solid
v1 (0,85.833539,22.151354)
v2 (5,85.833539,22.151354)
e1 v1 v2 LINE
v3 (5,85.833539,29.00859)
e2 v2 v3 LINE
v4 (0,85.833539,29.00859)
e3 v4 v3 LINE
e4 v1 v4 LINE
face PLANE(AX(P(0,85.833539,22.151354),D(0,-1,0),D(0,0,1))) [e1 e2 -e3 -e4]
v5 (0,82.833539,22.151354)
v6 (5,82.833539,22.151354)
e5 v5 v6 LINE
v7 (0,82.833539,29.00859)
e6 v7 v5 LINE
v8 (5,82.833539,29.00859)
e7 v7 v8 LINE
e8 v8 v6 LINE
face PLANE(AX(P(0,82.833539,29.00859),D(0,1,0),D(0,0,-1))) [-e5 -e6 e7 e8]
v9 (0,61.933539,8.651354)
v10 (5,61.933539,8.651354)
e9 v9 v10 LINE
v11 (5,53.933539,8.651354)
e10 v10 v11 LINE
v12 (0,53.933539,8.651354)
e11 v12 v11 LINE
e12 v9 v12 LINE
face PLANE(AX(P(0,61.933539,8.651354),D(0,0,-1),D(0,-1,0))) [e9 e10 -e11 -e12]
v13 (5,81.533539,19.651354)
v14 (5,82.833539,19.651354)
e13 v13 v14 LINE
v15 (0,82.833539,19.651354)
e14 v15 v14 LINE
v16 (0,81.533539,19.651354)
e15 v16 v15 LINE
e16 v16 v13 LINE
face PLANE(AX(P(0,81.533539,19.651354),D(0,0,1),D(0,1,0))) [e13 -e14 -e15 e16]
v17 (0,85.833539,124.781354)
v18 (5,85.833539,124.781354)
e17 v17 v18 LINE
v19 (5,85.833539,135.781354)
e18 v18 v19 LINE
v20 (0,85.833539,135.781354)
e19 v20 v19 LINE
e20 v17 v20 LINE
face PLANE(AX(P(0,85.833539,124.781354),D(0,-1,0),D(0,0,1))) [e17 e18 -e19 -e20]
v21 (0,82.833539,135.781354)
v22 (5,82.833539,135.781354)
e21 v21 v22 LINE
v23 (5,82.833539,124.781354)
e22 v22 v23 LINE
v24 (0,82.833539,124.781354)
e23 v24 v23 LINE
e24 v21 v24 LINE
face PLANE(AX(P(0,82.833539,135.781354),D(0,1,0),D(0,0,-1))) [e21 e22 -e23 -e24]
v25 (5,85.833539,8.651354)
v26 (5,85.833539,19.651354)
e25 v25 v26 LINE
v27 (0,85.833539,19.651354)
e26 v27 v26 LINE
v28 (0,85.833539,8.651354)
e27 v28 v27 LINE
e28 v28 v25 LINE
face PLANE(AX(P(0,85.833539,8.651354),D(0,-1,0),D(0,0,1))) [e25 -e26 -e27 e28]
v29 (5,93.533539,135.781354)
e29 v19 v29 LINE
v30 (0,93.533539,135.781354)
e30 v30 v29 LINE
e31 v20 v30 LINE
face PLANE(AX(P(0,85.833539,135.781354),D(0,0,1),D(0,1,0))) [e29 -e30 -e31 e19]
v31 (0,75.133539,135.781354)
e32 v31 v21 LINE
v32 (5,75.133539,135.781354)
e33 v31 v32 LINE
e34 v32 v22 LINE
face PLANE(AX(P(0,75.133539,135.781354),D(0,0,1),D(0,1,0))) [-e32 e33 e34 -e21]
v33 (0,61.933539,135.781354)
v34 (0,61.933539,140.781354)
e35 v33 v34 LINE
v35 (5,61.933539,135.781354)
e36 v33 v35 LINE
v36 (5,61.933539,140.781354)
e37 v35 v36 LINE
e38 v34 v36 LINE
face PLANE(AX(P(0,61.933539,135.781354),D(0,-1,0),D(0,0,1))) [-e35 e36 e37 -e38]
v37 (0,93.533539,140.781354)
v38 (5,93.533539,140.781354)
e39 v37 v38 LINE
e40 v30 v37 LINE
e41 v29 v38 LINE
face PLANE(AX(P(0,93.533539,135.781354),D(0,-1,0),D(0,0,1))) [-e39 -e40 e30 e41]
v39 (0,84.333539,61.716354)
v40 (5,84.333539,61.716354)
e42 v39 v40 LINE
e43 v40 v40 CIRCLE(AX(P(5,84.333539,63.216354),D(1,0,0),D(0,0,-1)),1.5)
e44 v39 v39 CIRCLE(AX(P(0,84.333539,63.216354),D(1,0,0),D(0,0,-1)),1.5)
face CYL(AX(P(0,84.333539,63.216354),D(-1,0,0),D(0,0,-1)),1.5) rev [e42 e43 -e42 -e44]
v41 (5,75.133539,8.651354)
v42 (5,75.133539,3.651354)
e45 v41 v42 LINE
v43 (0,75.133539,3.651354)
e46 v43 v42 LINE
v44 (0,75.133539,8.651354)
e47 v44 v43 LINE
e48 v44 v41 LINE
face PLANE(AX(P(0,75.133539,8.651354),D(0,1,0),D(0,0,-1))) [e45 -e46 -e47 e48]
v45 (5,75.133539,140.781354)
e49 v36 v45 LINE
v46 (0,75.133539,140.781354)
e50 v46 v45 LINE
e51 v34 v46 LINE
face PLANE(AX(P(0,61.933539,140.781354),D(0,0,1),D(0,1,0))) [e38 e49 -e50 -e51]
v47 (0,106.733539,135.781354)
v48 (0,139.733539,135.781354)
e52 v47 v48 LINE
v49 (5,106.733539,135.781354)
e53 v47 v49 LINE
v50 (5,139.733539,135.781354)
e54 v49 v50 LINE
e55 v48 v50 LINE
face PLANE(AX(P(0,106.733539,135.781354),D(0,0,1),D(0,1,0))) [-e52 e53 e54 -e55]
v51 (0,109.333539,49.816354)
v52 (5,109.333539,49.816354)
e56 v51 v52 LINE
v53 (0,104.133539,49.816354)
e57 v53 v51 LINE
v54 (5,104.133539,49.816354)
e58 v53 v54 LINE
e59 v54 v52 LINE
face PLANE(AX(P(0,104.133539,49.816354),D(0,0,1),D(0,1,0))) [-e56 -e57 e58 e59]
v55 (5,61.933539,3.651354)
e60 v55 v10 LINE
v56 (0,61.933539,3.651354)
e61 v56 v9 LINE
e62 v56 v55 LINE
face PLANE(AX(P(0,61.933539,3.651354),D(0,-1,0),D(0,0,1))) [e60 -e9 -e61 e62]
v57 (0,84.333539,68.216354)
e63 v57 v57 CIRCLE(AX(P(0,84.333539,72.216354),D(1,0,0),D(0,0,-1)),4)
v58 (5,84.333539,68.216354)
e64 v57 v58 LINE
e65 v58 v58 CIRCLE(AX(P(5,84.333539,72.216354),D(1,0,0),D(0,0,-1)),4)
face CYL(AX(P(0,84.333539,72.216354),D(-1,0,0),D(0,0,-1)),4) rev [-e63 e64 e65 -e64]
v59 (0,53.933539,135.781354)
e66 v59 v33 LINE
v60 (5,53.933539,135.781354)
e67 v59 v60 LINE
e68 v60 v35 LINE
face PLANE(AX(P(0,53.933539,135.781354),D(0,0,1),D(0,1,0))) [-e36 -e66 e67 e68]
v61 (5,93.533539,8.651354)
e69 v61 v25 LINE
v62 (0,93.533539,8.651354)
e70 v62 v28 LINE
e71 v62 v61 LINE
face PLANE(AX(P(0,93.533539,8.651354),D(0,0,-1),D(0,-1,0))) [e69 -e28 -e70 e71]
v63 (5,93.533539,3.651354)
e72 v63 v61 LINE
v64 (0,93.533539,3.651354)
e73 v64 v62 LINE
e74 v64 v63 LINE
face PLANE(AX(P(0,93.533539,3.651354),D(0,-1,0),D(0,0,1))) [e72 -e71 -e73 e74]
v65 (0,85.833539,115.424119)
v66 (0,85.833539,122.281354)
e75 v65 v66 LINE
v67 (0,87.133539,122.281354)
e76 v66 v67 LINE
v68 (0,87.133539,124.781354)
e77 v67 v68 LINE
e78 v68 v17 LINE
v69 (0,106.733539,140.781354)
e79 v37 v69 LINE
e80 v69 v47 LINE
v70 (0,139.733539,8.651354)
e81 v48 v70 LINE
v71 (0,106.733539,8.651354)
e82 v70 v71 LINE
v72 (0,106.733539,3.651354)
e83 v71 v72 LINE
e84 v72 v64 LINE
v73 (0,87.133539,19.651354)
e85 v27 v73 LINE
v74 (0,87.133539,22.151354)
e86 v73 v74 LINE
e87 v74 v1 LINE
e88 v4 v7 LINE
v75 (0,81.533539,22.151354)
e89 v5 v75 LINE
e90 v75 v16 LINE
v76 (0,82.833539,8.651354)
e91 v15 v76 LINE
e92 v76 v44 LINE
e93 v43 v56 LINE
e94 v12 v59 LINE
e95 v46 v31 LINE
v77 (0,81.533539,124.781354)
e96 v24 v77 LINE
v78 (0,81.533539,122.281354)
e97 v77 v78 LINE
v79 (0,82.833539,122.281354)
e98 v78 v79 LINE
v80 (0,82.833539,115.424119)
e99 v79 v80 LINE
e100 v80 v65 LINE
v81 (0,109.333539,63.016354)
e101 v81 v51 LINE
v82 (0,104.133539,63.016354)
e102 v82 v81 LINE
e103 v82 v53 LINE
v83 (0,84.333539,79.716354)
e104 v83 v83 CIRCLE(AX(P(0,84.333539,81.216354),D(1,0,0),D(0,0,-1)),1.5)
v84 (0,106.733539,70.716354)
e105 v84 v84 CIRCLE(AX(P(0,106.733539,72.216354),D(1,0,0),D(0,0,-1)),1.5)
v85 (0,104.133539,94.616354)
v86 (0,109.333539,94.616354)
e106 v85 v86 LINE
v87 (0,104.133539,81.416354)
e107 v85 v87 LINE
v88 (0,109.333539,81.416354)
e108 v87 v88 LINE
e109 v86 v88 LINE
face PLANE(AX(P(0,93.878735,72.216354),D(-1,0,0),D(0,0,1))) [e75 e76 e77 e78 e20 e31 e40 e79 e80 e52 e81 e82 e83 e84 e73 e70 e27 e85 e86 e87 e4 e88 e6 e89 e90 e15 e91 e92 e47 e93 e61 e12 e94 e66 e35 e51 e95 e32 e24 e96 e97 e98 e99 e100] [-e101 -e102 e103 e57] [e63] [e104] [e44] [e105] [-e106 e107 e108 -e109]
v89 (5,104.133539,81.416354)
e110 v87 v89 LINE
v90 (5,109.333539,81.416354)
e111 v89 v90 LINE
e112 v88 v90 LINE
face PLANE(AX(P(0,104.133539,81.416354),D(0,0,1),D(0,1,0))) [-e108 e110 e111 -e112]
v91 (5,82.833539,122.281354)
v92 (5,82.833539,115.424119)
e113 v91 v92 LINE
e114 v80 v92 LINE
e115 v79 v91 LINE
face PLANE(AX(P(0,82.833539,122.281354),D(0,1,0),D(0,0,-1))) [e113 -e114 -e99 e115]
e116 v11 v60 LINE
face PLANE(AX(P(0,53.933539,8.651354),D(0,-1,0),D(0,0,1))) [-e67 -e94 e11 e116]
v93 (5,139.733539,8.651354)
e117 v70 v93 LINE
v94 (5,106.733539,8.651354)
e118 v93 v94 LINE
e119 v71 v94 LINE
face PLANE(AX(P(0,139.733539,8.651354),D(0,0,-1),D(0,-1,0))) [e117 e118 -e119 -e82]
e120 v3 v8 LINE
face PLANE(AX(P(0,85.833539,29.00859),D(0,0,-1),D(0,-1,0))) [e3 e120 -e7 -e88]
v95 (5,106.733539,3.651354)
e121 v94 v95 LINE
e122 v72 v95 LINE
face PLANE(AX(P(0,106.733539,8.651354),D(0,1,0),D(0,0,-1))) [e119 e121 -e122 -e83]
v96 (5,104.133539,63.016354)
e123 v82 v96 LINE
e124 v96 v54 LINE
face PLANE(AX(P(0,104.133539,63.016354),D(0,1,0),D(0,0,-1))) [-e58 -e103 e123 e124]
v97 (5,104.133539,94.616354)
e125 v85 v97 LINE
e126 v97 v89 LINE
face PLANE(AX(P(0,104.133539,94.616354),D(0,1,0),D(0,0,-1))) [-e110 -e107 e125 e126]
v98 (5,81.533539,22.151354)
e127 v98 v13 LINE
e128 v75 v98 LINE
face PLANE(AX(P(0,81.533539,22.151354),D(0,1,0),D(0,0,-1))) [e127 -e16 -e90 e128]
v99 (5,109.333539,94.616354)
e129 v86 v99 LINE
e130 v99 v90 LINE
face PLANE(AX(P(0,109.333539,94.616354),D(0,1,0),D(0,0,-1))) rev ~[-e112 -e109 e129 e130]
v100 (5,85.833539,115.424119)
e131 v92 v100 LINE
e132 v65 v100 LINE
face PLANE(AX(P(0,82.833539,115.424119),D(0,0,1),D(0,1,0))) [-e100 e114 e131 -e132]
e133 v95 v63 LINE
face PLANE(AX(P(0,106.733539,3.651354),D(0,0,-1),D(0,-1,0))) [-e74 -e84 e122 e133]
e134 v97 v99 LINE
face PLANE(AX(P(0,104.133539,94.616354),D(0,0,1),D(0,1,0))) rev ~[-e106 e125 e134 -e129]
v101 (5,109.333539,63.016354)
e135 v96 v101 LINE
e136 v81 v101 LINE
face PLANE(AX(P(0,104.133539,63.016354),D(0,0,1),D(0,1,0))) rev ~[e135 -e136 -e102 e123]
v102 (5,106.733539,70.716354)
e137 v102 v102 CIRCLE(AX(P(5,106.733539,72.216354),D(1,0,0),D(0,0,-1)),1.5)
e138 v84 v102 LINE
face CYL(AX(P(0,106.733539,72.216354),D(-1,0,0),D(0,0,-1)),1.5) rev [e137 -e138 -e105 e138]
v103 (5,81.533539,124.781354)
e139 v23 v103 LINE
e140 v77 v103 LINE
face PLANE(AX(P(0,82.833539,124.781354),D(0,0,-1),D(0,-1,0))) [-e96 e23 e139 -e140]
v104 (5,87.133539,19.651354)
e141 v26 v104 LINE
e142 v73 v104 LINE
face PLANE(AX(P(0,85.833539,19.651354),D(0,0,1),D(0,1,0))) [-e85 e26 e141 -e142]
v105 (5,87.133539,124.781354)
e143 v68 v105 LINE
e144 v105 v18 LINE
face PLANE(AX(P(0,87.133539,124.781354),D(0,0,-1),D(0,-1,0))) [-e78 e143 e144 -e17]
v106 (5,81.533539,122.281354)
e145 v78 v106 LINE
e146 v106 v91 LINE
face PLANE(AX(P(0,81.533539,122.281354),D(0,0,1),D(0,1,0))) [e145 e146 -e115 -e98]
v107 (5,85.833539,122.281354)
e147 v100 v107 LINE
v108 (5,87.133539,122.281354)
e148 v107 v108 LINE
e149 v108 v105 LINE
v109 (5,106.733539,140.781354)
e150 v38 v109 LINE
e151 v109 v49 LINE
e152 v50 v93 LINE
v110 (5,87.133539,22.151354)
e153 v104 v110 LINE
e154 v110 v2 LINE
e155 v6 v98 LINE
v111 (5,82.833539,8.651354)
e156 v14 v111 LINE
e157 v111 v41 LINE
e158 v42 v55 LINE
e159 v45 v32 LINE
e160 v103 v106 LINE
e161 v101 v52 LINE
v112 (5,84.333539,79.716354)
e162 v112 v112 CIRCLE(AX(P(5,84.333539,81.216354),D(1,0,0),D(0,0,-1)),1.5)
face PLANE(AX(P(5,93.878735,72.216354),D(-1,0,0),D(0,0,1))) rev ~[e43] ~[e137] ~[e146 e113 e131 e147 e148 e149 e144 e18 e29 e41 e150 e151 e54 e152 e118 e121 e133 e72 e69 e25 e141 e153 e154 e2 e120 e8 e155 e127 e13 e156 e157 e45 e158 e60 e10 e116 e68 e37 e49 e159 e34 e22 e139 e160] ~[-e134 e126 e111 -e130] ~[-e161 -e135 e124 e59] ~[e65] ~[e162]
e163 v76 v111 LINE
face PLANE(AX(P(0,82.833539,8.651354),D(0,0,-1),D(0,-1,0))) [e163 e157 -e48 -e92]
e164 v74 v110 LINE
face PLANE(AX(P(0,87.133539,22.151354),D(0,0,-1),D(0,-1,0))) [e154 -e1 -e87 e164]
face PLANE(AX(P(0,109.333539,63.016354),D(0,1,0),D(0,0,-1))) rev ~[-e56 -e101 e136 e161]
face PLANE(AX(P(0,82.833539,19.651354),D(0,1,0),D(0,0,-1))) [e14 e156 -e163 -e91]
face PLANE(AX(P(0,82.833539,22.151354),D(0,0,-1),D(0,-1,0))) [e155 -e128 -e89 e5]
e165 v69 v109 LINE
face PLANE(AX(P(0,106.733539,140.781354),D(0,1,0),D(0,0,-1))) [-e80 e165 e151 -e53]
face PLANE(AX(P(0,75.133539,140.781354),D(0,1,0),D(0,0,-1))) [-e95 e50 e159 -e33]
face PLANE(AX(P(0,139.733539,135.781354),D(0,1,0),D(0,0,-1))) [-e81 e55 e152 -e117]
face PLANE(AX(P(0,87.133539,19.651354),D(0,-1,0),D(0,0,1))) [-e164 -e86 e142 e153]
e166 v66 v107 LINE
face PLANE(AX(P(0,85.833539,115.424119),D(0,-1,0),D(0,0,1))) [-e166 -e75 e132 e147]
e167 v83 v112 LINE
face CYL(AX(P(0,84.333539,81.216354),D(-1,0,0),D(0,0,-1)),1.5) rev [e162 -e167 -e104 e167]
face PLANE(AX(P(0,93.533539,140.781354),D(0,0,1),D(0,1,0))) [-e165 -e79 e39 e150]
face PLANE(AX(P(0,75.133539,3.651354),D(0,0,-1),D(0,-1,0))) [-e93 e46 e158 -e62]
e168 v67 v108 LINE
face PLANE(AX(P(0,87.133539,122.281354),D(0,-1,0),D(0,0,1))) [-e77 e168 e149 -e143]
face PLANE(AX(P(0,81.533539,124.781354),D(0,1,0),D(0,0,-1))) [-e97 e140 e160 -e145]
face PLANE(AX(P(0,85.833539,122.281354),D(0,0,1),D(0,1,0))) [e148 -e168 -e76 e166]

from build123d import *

# Parameters (mm, degrees)
SKETCH1_R           = 4
SKETCH1_R_2         = 1.5
SKETCH1_W           = 13.2
SKETCH1_H           = 5.2
BOSS_EXTRUDE1_DEPTH = 5


with BuildPart() as part:
    # Sketch1 → Boss-Extrude1 (new body)
    with BuildSketch(Plane(origin=(0, 0, 0), x_dir=(0, 0, -1), z_dir=(1, 0, 0))):
        Polygon((-135.781354304, 106.733539226), (-135.781354304, 139.733539226), (-8.651354304, 139.733539226), (-8.651354304, 106.733539226), (-3.651354304, 106.733539226), (-3.651354304, 93.533539226), (-8.651354304, 93.533539226), (-8.651354304, 85.833539226), (-19.651354304, 85.833539226), (-19.651354304, 87.133539226), (-22.151354304, 87.133539226), (-22.151354304, 85.833539226), (-29.008589557, 85.833539226), (-29.008589557, 82.833539226), (-22.151354304, 82.833539226), (-22.151354304, 81.533539226), (-19.651354304, 81.533539226), (-19.651354304, 82.833539226), (-8.651354304, 82.833539226), (-8.651354304, 75.133539226), (-3.651354304, 75.133539226), (-3.651354304, 61.933539226), (-8.651354304, 61.933539226), (-8.651354304, 53.933539226), (-135.781354304, 53.933539226), (-135.781354304, 61.933539226), (-140.781354304, 61.933539226), (-140.781354304, 75.133539226), (-135.781354304, 75.133539226), (-135.781354304, 82.833539226), (-124.781354304, 82.833539226), (-124.781354304, 81.533539226), (-122.281354304, 81.533539226), (-122.281354304, 82.833539226), (-115.424119051, 82.833539226), (-115.424119051, 85.833539226), (-122.281354304, 85.833539226), (-122.281354304, 87.133539226), (-124.781354304, 87.133539226), (-124.781354304, 85.833539226), (-135.781354304, 85.833539226), (-135.781354304, 93.533539226), (-140.781354304, 93.533539226), (-140.781354304, 106.733539226), align=None)
        with Locations((-72.216354304, 84.333539226)):
            Circle(SKETCH1_R, mode=Mode.SUBTRACT)
        with Locations((-81.216354304, 84.333539226)):
            Circle(SKETCH1_R_2, mode=Mode.SUBTRACT)
        with Locations((-63.216354304, 84.333539226)):
            Circle(SKETCH1_R_2, mode=Mode.SUBTRACT)
        with Locations((-72.216354304, 106.733539226)):
            Circle(SKETCH1_R_2, mode=Mode.SUBTRACT)
        with Locations((-56.416354304, 106.733539226)):
            Rectangle(SKETCH1_W, SKETCH1_H, mode=Mode.SUBTRACT)
        with Locations((-88.016354304, 106.733539226)):
            Rectangle(SKETCH1_W, SKETCH1_H, mode=Mode.SUBTRACT)
    extrude(amount=BOSS_EXTRUDE1_DEPTH)


solid = part.part
